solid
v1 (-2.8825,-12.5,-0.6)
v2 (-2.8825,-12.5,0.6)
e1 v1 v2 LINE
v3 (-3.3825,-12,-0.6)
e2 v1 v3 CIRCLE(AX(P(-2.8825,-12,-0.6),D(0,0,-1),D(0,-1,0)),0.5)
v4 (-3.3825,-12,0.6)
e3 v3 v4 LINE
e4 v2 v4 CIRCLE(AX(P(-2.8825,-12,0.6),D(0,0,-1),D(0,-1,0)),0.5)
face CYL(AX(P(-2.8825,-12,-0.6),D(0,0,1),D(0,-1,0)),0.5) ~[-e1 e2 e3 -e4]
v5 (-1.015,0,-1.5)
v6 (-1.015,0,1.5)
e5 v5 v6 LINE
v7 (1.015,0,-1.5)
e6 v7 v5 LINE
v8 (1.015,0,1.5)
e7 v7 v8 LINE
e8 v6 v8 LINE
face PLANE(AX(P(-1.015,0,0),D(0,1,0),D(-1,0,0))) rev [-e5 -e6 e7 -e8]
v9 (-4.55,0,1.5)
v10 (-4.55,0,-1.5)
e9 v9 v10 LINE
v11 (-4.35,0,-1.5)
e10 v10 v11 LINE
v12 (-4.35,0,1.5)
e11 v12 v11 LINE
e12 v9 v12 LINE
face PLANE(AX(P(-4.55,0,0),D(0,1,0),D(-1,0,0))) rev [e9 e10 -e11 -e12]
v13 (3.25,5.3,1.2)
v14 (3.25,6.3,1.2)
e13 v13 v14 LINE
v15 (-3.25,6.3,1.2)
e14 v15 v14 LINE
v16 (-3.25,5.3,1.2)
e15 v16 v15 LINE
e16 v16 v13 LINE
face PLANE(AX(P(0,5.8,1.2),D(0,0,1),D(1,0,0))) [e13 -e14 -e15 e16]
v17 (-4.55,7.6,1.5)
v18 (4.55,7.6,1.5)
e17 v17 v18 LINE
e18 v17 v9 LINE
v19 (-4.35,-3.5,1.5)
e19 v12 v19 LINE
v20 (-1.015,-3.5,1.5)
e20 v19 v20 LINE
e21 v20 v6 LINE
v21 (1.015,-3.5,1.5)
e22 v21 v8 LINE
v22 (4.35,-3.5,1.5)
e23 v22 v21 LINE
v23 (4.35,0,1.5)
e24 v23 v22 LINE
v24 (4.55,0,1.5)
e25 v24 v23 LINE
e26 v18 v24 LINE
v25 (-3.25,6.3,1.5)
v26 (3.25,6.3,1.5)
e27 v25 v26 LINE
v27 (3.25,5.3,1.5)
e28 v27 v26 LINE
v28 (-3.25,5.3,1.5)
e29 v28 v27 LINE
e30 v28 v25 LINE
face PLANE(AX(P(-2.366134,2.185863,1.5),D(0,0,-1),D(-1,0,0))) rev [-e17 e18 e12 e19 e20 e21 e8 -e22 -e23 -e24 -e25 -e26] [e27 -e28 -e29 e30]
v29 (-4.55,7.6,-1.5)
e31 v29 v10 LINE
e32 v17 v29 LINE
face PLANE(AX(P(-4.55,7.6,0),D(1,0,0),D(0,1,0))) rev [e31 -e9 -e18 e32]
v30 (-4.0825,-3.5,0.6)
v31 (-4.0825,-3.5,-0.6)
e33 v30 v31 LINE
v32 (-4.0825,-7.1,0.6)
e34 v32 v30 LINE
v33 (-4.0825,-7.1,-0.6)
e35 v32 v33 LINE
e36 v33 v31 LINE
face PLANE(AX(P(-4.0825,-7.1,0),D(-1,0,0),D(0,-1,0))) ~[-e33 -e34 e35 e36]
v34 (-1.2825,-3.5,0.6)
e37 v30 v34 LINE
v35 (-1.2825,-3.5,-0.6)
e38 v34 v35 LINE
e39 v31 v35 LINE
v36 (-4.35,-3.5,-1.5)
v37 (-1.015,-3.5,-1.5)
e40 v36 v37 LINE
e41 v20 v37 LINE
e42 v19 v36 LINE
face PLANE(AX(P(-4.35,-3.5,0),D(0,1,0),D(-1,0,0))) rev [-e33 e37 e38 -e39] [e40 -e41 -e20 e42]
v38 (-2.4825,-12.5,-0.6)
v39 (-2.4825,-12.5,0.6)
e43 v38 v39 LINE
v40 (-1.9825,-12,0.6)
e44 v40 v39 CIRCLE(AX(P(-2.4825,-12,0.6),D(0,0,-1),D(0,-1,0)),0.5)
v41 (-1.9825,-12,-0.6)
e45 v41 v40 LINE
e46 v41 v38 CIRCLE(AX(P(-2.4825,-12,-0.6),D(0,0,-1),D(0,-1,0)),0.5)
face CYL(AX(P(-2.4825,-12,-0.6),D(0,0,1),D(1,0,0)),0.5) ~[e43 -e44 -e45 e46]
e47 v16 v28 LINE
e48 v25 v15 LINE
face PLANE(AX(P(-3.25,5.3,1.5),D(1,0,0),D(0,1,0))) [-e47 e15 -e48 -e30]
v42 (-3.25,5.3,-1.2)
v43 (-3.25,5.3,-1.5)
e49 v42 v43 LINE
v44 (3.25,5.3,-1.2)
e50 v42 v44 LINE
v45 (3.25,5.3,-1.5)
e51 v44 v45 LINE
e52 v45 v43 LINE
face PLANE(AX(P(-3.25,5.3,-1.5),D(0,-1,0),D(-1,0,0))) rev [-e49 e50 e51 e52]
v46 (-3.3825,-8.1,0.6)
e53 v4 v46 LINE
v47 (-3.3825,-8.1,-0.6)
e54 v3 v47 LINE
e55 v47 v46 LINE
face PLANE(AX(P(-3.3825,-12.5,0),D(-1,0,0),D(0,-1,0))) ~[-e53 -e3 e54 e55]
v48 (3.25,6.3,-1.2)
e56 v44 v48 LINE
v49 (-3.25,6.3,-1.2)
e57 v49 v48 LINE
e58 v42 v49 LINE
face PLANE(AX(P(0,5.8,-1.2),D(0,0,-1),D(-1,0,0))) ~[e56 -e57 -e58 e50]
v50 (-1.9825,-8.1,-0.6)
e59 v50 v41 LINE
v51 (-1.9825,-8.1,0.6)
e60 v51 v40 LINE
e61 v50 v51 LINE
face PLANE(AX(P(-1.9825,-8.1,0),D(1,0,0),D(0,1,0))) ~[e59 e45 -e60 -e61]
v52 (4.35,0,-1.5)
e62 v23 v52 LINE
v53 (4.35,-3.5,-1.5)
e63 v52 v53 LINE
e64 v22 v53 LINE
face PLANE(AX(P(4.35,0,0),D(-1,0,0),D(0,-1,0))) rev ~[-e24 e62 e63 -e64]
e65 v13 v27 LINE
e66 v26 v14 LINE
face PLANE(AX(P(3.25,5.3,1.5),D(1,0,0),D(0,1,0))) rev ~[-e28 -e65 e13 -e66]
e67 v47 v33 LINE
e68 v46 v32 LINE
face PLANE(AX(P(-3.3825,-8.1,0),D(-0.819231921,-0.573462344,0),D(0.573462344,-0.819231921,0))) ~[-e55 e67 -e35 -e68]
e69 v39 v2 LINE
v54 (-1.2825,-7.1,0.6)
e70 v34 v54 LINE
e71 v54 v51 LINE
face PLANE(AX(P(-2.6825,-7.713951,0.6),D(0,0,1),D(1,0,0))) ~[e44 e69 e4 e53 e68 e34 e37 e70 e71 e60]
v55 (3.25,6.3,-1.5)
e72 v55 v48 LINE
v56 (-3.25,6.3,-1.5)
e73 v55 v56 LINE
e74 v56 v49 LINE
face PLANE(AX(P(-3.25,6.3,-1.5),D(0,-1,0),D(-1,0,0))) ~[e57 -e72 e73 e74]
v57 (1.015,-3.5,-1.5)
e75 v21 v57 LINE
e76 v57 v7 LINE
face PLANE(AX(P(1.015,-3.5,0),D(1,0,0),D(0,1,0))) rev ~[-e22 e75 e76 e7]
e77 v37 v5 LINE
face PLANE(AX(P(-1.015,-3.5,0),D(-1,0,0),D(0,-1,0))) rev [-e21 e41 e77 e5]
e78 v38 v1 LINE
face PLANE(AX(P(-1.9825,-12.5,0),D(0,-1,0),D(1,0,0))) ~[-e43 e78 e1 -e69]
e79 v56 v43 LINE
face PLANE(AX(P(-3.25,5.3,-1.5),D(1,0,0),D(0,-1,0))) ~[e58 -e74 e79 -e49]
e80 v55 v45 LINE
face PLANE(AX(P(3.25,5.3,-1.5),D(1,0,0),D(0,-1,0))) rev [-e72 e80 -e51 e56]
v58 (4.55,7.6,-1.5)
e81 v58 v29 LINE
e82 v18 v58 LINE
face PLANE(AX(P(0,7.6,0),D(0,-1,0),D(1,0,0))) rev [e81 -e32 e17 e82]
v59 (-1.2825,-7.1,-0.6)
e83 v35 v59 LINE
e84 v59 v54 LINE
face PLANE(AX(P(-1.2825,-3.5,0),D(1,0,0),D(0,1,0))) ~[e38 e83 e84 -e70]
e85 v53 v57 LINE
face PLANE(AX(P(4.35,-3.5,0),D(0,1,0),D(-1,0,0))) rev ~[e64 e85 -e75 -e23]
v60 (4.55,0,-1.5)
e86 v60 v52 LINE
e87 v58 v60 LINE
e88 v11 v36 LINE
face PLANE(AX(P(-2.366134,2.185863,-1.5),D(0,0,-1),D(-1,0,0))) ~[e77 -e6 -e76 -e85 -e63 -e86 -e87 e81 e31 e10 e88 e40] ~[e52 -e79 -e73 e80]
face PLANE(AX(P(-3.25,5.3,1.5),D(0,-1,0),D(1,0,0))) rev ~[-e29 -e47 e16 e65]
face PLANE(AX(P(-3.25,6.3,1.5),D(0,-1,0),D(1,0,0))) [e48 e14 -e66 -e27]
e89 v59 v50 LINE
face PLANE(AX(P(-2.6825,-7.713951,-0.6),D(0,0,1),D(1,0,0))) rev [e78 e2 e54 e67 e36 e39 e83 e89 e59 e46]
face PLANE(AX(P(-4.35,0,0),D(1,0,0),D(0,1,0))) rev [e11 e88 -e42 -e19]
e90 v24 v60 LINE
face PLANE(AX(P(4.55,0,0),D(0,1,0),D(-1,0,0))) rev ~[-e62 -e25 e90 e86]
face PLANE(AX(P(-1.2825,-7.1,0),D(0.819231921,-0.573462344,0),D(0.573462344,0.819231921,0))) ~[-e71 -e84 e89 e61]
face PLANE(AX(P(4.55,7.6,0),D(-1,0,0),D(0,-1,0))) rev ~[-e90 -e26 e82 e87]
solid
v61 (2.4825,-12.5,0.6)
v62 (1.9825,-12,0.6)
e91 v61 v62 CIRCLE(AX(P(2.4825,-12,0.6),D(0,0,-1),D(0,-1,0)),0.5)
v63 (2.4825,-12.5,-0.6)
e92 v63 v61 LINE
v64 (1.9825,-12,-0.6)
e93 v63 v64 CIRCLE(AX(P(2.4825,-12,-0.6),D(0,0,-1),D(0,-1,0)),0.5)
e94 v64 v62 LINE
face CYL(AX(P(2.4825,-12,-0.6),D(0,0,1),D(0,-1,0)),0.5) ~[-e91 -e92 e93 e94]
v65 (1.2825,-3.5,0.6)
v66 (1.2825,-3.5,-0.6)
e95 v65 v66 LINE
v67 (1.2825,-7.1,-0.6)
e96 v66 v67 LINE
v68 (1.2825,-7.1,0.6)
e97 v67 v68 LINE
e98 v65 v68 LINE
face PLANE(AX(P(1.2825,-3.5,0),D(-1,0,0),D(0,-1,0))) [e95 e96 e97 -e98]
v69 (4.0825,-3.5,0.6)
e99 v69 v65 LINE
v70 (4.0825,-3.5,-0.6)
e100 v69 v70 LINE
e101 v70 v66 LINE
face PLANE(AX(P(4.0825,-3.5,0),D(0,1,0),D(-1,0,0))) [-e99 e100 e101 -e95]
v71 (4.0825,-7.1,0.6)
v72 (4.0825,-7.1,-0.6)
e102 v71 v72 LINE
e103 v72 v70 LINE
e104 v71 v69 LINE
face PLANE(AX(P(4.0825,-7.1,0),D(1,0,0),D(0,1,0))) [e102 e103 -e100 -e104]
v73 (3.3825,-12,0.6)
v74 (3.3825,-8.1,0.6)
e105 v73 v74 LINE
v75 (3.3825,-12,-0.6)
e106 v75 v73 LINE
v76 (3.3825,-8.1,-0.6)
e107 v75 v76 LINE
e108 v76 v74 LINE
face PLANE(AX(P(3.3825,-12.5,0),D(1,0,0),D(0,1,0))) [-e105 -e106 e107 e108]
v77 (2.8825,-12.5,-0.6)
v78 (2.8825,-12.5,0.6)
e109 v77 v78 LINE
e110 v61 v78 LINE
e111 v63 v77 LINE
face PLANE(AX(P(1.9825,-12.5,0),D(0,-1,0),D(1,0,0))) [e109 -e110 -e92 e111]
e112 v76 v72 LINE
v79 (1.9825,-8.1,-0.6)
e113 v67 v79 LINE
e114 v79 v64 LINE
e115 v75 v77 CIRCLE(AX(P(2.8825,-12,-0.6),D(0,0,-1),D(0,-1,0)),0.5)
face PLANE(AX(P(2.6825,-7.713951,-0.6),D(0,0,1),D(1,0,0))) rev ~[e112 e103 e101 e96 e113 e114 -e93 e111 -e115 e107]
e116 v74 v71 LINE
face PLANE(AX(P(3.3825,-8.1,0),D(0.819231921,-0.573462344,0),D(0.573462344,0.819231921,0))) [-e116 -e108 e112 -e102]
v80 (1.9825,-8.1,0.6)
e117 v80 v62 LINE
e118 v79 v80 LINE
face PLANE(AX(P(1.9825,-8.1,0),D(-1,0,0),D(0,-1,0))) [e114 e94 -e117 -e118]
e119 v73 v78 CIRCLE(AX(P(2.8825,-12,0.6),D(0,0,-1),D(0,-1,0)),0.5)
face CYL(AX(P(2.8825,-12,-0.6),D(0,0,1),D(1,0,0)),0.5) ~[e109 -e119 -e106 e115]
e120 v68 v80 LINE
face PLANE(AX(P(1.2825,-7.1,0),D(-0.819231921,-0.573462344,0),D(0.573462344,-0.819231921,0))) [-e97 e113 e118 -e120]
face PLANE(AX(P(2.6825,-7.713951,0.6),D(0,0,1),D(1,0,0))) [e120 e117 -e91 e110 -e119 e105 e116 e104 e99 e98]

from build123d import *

# Parameters (mm, degrees)
PLASTIC_BODY_DEPTH   = 1.5
SKETCH2_W            = 6.5
SKETCH2_H            = 1
CUT_GRIP_DEPTH       = 0.3
BOSS_EXTRUDE2_DEPTH  = 0.6
FILLET1_R            = 0.5
FILLET1_OF_MIRROR4_R = 0.5


with BuildPart() as part:
    # Sketch1 → plastic body (new body, symmetric)
    with BuildSketch(Plane.XY):
        Polygon((0, 7.6), (4.55, 7.6), (4.55, 0), (4.35, 0), (4.35, -3.5), (1.015, -3.5), (1.015, 0), (0, 0), align=None)
    plastic_body = extrude(amount=PLASTIC_BODY_DEPTH, both=True)

    # Mirror1: plastic body across plane
    add(plastic_body.mirror(Plane(origin=(0, 0, 0), x_dir=(0, 0, 1), z_dir=(1, 0, 0))))

    # Sketch2 → cut grip (cut, symmetric)
    with BuildSketch(Plane.XY.offset(1.5)):
        with Locations((0, 5.8)):
            Rectangle(SKETCH2_W, SKETCH2_H)
    cut_grip = extrude(amount=CUT_GRIP_DEPTH, both=True, mode=Mode.SUBTRACT)

    # Mirror2: cut grip across plane
    add(cut_grip.mirror(Plane.XY), mode=Mode.SUBTRACT)


with BuildPart() as body_2:
    # Sketch4 → Boss-Extrude2 (new body, symmetric)
    with BuildSketch(Plane.XY):
        Polygon((1.2825, -3.5), (1.2825, -7.1), (1.9825, -8.1), (1.9825, -12.5), (3.3825, -12.5), (3.3825, -8.1), (4.0825, -7.1), (4.0825, -3.5), align=None)
    boss_extrude2 = extrude(amount=BOSS_EXTRUDE2_DEPTH, both=True)

    # Fillet1
    fillet1_edges = [body_2.edges().sort_by_distance(p)[0] for p in [
        (3.3825, -12.5, 0),
        (1.9825, -12.5, 0),
    ]]
    fillet(fillet1_edges, radius=FILLET1_R)


with BuildPart() as part_1:
    add(part.part)

    # Mirror4: Boss-Extrude2 across plane
    add(boss_extrude2.mirror(Plane(origin=(0, 0, 0), x_dir=(0, 0, 1), z_dir=(1, 0, 0))))

    # Fillet1 of Mirror4
    fillet1_of_mirror4_edges = [part_1.edges().sort_by_distance(p)[0] for p in [
        (-3.3825, -12.5, 0),
        (-1.9825, -12.5, 0),
    ]]
    fillet(fillet1_of_mirror4_edges, radius=FILLET1_OF_MIRROR4_R)


solid = Compound([body_2.part, part_1.part])
